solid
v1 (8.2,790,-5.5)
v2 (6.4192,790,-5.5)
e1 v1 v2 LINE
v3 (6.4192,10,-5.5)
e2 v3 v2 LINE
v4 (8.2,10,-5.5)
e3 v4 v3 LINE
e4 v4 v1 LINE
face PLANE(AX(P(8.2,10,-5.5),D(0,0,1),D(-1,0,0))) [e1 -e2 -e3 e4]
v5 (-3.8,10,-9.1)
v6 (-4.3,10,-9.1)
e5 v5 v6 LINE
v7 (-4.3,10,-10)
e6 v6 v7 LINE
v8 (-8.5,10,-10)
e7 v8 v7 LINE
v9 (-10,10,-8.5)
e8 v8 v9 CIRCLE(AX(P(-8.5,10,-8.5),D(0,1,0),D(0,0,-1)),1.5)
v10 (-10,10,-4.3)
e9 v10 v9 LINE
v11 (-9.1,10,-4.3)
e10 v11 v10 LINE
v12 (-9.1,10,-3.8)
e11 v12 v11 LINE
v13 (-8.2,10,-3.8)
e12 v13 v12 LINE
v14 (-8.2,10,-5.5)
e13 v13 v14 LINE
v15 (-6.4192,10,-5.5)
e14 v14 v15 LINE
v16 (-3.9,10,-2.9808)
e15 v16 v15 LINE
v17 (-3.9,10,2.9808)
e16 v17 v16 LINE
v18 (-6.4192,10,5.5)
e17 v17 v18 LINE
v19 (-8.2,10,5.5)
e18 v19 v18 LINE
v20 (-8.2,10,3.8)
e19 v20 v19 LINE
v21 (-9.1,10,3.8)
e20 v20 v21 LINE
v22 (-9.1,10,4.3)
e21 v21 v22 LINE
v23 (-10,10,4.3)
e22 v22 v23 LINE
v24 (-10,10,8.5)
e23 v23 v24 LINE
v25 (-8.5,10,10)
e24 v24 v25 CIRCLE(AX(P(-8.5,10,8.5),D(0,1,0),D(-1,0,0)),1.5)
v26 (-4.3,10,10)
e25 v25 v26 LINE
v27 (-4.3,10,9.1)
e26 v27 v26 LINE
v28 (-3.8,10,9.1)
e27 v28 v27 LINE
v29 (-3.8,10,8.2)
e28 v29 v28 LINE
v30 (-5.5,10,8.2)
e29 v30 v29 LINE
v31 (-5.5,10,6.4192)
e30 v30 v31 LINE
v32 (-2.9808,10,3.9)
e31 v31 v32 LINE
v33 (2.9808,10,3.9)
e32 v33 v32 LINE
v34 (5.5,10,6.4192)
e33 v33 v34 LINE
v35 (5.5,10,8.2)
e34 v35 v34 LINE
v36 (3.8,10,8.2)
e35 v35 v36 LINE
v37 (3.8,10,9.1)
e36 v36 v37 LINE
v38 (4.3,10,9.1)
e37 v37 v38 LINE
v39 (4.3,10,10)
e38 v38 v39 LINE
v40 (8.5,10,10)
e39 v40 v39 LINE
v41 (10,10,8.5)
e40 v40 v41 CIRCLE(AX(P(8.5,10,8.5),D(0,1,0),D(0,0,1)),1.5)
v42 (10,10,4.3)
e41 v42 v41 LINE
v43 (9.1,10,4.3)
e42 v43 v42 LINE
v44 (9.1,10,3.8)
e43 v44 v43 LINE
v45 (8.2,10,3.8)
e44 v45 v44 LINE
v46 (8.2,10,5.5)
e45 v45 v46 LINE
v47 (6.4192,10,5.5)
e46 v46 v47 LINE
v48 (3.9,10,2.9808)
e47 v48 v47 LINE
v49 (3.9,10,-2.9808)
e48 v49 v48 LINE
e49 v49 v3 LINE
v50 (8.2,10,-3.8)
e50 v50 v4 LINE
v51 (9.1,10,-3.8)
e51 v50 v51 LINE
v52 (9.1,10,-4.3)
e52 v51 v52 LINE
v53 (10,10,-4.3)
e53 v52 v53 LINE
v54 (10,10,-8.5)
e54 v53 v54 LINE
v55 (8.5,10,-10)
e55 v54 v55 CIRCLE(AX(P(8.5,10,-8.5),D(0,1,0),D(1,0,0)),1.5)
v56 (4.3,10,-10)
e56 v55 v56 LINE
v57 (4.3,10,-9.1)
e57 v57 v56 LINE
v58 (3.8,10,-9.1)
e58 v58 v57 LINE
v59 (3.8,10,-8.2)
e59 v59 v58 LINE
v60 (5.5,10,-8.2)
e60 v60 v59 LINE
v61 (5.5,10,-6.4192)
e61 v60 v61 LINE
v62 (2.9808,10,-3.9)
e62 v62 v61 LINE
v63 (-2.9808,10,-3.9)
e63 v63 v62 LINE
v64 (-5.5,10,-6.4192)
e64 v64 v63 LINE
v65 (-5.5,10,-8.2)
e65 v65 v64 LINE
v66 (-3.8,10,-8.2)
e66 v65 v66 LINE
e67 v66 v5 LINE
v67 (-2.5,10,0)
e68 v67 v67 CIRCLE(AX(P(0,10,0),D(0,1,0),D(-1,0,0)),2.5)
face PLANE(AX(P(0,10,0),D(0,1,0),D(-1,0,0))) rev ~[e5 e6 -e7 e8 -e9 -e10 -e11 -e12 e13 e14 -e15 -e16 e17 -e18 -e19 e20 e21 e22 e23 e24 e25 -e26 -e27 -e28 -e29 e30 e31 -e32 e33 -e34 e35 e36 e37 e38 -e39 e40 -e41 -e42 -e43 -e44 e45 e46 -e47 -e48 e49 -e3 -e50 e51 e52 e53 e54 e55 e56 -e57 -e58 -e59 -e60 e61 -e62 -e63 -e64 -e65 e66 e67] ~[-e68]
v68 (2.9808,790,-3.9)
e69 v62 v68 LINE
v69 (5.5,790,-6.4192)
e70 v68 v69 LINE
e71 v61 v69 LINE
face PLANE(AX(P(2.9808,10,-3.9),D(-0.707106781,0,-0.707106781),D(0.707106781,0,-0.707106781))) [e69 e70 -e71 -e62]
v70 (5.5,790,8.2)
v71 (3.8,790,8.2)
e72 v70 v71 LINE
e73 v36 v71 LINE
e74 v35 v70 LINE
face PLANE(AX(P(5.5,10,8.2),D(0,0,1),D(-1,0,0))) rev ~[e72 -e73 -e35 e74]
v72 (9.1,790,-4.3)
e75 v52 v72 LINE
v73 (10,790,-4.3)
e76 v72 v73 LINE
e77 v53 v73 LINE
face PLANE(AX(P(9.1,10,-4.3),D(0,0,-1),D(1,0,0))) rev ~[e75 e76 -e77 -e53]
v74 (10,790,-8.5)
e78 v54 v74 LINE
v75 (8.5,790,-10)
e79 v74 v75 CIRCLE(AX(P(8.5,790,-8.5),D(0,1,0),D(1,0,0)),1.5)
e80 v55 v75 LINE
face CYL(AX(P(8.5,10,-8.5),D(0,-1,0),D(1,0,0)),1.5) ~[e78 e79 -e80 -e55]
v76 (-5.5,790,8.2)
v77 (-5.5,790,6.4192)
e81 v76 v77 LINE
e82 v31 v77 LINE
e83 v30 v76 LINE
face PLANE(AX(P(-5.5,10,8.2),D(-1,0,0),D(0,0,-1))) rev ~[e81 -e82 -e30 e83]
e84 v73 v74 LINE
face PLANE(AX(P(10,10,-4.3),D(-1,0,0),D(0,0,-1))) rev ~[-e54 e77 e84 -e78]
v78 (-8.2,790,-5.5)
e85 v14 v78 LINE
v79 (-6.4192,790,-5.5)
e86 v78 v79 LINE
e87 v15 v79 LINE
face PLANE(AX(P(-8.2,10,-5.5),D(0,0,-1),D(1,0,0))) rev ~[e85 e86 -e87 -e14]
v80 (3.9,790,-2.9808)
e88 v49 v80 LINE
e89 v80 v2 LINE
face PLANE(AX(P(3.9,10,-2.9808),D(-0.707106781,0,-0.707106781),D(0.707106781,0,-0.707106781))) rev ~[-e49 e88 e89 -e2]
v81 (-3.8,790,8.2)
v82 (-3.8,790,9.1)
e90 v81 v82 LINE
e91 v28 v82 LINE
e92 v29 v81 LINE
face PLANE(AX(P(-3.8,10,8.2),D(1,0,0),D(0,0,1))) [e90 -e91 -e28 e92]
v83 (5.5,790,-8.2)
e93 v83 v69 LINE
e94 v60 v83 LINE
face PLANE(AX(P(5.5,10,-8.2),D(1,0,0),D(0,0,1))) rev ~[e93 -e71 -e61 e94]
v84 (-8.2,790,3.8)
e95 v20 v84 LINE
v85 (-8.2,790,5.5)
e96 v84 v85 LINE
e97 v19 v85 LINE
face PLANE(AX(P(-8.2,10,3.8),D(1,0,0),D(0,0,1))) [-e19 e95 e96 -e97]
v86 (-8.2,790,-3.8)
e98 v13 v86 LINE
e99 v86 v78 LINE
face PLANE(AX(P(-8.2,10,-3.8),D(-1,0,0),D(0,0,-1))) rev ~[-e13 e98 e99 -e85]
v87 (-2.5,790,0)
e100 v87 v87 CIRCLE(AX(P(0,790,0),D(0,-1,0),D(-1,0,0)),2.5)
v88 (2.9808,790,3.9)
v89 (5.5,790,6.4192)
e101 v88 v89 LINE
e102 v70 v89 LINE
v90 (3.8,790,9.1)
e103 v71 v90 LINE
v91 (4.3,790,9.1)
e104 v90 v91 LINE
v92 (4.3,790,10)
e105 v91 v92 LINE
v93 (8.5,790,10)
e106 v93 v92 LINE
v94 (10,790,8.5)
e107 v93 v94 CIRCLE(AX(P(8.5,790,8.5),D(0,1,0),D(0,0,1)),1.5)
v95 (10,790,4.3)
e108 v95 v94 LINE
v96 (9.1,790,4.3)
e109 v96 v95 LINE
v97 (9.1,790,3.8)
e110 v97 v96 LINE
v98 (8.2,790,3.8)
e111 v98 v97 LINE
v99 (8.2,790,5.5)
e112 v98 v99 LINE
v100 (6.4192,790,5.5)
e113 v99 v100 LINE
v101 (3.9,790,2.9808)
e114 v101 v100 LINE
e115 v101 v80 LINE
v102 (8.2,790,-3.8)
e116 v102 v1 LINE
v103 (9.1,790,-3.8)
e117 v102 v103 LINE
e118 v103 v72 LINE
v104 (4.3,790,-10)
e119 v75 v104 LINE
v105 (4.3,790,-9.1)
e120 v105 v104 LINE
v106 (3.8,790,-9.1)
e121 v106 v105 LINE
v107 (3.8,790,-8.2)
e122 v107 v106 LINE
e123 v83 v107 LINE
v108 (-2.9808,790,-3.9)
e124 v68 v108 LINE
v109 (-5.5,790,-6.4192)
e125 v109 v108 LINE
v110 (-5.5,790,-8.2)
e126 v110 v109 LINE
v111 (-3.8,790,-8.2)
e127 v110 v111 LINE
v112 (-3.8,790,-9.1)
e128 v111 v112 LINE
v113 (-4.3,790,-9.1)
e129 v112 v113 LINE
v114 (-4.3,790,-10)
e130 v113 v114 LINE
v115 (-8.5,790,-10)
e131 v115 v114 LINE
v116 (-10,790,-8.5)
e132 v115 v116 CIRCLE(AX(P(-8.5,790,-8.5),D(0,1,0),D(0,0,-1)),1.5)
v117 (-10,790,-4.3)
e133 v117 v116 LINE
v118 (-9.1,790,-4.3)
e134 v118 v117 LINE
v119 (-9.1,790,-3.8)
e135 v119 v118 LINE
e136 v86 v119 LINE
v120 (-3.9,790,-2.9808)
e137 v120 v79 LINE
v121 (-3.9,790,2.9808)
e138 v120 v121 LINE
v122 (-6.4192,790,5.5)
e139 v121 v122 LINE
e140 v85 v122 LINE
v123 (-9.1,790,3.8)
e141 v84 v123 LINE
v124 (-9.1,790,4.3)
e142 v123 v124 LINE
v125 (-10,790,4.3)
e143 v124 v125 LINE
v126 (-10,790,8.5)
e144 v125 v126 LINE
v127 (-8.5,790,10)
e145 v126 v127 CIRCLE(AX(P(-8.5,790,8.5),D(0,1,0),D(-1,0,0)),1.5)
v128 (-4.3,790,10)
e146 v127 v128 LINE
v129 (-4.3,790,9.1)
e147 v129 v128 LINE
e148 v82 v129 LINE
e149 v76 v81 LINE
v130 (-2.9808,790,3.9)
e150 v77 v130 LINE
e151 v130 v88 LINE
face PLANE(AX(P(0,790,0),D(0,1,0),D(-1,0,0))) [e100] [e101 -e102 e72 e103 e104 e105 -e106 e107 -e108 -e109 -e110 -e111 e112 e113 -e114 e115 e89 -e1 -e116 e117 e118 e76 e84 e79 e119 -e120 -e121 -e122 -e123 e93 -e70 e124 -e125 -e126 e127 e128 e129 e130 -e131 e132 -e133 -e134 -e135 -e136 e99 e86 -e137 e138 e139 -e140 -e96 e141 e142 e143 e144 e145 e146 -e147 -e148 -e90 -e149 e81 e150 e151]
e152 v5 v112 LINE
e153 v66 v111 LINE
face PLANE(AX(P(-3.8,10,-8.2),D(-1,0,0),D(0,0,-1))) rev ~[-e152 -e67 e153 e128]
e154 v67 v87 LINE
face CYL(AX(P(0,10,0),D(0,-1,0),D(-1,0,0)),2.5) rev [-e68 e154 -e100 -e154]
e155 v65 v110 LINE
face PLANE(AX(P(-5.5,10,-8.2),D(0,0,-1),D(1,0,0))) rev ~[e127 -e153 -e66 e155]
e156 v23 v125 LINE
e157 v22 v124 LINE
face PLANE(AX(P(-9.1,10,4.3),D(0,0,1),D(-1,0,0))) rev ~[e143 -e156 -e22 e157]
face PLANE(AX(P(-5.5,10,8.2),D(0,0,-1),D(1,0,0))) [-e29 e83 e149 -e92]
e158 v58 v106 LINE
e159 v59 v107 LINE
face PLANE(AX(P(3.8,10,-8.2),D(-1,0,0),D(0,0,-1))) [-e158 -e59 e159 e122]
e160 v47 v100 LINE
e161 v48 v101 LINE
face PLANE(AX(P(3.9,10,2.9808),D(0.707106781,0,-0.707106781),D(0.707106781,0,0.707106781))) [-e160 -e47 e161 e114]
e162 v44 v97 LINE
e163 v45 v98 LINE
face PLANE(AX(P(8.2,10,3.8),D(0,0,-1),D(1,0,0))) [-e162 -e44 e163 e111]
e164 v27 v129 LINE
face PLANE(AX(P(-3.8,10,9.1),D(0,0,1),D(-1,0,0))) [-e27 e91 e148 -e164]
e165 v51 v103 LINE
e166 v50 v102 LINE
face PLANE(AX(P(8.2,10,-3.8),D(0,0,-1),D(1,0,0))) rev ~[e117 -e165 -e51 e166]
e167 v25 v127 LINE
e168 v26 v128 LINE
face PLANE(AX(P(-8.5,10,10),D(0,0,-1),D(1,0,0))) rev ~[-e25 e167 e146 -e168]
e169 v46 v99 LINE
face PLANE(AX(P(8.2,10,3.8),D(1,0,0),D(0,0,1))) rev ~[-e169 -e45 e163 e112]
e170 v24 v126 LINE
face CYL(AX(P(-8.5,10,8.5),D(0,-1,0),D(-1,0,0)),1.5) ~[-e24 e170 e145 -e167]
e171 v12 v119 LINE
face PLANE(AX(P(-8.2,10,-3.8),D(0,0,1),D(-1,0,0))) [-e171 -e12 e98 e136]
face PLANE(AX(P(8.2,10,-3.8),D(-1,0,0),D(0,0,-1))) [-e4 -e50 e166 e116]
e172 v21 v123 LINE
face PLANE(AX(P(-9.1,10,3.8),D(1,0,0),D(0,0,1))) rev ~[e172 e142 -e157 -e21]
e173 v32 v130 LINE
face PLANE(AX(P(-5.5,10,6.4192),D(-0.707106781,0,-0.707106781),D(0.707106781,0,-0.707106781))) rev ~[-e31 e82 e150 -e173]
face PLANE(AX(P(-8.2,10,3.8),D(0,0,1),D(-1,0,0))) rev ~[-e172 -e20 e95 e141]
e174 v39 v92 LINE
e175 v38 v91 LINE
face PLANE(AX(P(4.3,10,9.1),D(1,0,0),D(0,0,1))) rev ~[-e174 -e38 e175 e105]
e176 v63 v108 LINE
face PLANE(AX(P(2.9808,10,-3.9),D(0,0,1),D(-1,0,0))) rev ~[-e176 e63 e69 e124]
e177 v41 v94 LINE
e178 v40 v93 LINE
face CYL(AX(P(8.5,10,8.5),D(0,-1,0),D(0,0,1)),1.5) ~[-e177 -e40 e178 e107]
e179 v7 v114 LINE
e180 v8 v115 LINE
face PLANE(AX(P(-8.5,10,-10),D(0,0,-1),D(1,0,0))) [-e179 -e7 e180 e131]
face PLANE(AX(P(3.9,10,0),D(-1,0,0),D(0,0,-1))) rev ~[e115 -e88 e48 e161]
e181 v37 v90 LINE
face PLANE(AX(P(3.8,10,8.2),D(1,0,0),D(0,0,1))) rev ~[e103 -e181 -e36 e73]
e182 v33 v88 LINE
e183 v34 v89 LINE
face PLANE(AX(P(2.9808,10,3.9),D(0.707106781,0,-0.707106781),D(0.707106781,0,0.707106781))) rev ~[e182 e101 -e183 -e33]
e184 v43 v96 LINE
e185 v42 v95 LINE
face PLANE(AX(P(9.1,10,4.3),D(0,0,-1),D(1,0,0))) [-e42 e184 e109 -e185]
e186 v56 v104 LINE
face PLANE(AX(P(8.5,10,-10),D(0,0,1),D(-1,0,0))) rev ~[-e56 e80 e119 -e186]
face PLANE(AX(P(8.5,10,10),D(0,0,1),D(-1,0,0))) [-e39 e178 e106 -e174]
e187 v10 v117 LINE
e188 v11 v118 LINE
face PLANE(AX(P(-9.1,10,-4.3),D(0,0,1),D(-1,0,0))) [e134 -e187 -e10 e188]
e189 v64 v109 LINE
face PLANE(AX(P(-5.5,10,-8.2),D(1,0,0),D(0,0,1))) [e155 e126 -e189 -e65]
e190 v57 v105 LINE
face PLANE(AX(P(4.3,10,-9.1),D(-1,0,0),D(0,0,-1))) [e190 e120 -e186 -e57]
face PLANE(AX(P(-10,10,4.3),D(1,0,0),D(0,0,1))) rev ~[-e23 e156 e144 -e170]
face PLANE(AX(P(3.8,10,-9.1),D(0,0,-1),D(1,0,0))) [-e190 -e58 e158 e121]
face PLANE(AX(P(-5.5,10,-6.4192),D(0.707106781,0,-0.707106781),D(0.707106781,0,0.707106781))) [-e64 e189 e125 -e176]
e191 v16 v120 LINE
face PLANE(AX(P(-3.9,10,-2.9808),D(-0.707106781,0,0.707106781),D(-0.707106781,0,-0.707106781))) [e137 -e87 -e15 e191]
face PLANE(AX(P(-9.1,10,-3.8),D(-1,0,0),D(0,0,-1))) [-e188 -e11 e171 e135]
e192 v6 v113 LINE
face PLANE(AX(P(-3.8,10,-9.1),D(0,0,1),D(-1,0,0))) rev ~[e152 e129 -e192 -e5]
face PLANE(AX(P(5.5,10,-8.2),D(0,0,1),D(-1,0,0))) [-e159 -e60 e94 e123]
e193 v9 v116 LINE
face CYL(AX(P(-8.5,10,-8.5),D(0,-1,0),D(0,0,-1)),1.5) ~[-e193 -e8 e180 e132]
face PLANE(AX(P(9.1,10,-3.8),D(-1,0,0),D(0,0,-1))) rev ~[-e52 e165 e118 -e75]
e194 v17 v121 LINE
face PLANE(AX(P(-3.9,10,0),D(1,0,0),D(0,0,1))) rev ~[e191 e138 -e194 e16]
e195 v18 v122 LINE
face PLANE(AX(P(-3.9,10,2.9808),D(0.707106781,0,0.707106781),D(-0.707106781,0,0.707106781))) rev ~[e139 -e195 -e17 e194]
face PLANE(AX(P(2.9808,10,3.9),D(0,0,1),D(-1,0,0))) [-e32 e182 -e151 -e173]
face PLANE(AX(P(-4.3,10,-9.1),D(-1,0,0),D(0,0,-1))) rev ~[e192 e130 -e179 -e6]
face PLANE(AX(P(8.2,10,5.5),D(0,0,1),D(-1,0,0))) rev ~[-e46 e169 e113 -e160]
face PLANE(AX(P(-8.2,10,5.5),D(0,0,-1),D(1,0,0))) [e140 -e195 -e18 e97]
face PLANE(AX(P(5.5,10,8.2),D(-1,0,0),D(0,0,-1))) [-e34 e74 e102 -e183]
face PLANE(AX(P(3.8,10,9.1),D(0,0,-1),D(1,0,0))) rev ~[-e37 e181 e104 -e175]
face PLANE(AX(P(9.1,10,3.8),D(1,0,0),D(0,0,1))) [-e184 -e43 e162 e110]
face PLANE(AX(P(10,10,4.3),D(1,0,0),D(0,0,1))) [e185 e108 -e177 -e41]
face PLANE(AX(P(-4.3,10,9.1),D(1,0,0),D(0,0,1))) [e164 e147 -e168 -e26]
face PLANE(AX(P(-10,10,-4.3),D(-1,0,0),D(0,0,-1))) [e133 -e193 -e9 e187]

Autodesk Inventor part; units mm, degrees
ref_plane "起始平面" through (0, 10, 0) normal (0, 1, 0) x (-1, 0, 0)
ref_plane "终止平面" through (0, 790, 0) normal (0, 1, 0) x (-1, 0, 0)
sketch "草图" plane through (0, 0, 0) normal (0, 1, 0) x (-1, 0, 0)
  line L0 (-9.1, 10.0192) -> (-9.101, 10.0203)
  line L1 (-10, 10) -> (-9.5607, 9.5607) construction
  arc A0 (-8.5, 10) -> (-10, 8.5) centre (-8.5, 8.5) ccw
  circle A1 centre (0, 0) radius 2.5
  line L2 (-2.9808, 3.9) -> (0, 3.9)
  line L3 (-3.9, 0) -> (-3.9, 2.9808)
  line L4 (-2.5, 0) -> (-3.1, 0)
  line L5 (2.9808, 3.9) -> (0, 3.9)
  circle A2 centre (0, 0) radius 2.5
  circle A3 centre (0, 0) radius 2.5
  circle A4 centre (0, 0) radius 2.5
  line L6 (0, 16.3557) -> (0, -12.0006)
  line L7 (-4.3, 9.1) -> (-4.3, 10)
  line L8 (2.9808, -3.9) -> (0, -3.9)
  line L9 (-3.9, 0) -> (-3.9, -2.9808)
  line L10 (3.9, 0) -> (3.9, -2.9808)
  line L11 (-2.9808, -3.9) -> (-5.5, -6.4192)
  line L12 (-2.9808, -3.9) -> (0, -3.9)
  line L13 (3.8, -8.2) -> (3.8, -9.1)
  line L14 (5.5, -6.4192) -> (2.9808, -3.9)
  line L15 (3.8, -9.1) -> (4.3, -9.1)
  line L16 (5.5, -8.2) -> (3.8, -8.2)
  line L17 (5.5, -8.2) -> (5.5, -6.4192)
  line L18 (3.9, -2.9808) -> (6.4192, -5.5)
  line L19 (8.2, -3.8) -> (8.2, -5.5)
  line L20 (8.2, -5.5) -> (6.4192, -5.5)
  line L21 (8.2, -3.8) -> (9.1, -3.8)
  line L22 (9.1, -3.8) -> (9.1, -4.3)
  line L23 (9.1, -4.3) -> (10, -4.3)
  line L24 (10, -4.3) -> (10, -8.5)
  arc A5 (8.5, -10) -> (10, -8.5) centre (8.5, -8.5) ccw
  line L25 (8.5, -10) -> (4.3, -10)
  line L26 (4.3, -9.1) -> (4.3, -10)
  line L27 (5.5, 6.4192) -> (2.9808, 3.9)
  line L28 (3.9, 2.9808) -> (6.4192, 5.5)
  line L29 (10, 4.3) -> (10, 8.5)
  line L30 (3.9, 0) -> (3.9, 2.9808)
  line L31 (5.5, 8.2) -> (5.5, 6.4192)
  line L32 (5.5, 8.2) -> (3.8, 8.2)
  line L33 (4.3, 9.1) -> (4.3, 10)
  arc A6 (10, 8.5) -> (8.5, 10) centre (8.5, 8.5) ccw
  line L34 (8.5, 10) -> (4.3, 10)
  line L35 (8.2, 3.8) -> (9.1, 3.8)
  line L36 (9.1, 4.3) -> (10, 4.3)
  line L37 (9.1, 3.8) -> (9.1, 4.3)
  line L38 (8.2, 3.8) -> (8.2, 5.5)
  line L39 (8.2, 5.5) -> (6.4192, 5.5)
  line L40 (3.8, 8.2) -> (3.8, 9.1)
  line L41 (3.8, 9.1) -> (4.3, 9.1)
  line L42 (-10, 4.3) -> (-10, 8.5)
  line L43 (-8.5, 10) -> (-4.3, 10)
  line L44 (-9.1, 4.3) -> (-10, 4.3)
  line L45 (-9.1, 3.8) -> (-9.1, 4.3)
  line L46 (-8.2, 3.8) -> (-9.1, 3.8)
  line L47 (-8.2, 5.5) -> (-6.4192, 5.5)
  line L48 (-8.2, 3.8) -> (-8.2, 5.5)
  line L49 (-5.5, 8.2) -> (-5.5, 6.4192)
  line L50 (-3.8, 9.1) -> (-4.3, 9.1)
  line L51 (-3.8, 8.2) -> (-3.8, 9.1)
  line L52 (-5.5, 8.2) -> (-3.8, 8.2)
  line L53 (-3.9, 2.9808) -> (-6.4192, 5.5)
  line L54 (-2.9808, 3.9) -> (-5.5, 6.4192)
  line L55 (-5.5, -8.2) -> (-3.8, -8.2)
  line L56 (-5.5, -8.2) -> (-5.5, -6.4192)
  line L57 (-3.9, -2.9808) -> (-6.4192, -5.5)
  line L58 (-3.8, -8.2) -> (-3.8, -9.1)
  line L59 (-3.8, -9.1) -> (-4.3, -9.1)
  line L60 (-4.3, -9.1) -> (-4.3, -10)
  line L61 (-8.2, -5.5) -> (-6.4192, -5.5)
  line L62 (-8.2, -3.8) -> (-9.1, -3.8)
  line L63 (-9.1, -3.8) -> (-9.1, -4.3)
  line L64 (-8.5, -10) -> (-4.3, -10)
  line L65 (-9.1, -4.3) -> (-10, -4.3)
  line L66 (-10, -4.3) -> (-10, -8.5)
  arc A7 (-10, -8.5) -> (-8.5, -10) centre (-8.5, -8.5) ccw
  line L67 (-8.2, -3.8) -> (-8.2, -5.5)
  dimension "圆角" = 1.5
  dimension "宽度" = 20
extrude "实体" add sketch "草图" along normal up to surface (780 mm away) from surface at 10 contours L43 L7 L50 L51 L52 L49 L54 L2 L6 A1 L12 L11 L56 L55 L58 L59 L60 L64 A7 L66 L65 L63 L62 L67 L61 L57 L9 L3 L53 L47 L48 L46 L45 L44 L42 A0 | L5 L27 L31 L32 L40 L41 L33 L34 A6 L29 L36 L37 L35 L38 L39 L28 L30 L10 L18 L20 L19 L21 L22 L23 L24 A5 L25 L26 L15 L13 L16 L17 L14 L8 L6 A1
sketch "草图2" plane through (0, 0, 0) normal (0, 1, 0) x (-1, 0, 0)
  line L0 (0, 0) -> (10, 0)
ref_plane "工作平面3" through (0, 0, 0) normal (0, 0, -1) x (-1, 0, 0)
sketch "草图3" plane through (0, 0, 0) normal (0, 0, -1) x (-1, 0, 0)
  line L0 (-2, 10) -> (12, 10)
  line L1 (-2, 790) -> (12, 790)
  dimension "d11" = 780
ref_plane "工作平面4" through (4.3, 10, 0) normal (0, -1, 0) x (1, 0, 0)
split "分割1" plane through (4.3, 10, 0) removes the side toward (0, -1, 0)
ref_plane "工作平面5" through (8.5, 790, 0) normal (0, 1, 0) x (1, 0, 0)
split "分割2" plane through (8.5, 790, 0) removes the side toward (0, 1, 0)
equation "\"G_L\" = d11"
properties part number "欧标 2020铝合金钢材-01"
